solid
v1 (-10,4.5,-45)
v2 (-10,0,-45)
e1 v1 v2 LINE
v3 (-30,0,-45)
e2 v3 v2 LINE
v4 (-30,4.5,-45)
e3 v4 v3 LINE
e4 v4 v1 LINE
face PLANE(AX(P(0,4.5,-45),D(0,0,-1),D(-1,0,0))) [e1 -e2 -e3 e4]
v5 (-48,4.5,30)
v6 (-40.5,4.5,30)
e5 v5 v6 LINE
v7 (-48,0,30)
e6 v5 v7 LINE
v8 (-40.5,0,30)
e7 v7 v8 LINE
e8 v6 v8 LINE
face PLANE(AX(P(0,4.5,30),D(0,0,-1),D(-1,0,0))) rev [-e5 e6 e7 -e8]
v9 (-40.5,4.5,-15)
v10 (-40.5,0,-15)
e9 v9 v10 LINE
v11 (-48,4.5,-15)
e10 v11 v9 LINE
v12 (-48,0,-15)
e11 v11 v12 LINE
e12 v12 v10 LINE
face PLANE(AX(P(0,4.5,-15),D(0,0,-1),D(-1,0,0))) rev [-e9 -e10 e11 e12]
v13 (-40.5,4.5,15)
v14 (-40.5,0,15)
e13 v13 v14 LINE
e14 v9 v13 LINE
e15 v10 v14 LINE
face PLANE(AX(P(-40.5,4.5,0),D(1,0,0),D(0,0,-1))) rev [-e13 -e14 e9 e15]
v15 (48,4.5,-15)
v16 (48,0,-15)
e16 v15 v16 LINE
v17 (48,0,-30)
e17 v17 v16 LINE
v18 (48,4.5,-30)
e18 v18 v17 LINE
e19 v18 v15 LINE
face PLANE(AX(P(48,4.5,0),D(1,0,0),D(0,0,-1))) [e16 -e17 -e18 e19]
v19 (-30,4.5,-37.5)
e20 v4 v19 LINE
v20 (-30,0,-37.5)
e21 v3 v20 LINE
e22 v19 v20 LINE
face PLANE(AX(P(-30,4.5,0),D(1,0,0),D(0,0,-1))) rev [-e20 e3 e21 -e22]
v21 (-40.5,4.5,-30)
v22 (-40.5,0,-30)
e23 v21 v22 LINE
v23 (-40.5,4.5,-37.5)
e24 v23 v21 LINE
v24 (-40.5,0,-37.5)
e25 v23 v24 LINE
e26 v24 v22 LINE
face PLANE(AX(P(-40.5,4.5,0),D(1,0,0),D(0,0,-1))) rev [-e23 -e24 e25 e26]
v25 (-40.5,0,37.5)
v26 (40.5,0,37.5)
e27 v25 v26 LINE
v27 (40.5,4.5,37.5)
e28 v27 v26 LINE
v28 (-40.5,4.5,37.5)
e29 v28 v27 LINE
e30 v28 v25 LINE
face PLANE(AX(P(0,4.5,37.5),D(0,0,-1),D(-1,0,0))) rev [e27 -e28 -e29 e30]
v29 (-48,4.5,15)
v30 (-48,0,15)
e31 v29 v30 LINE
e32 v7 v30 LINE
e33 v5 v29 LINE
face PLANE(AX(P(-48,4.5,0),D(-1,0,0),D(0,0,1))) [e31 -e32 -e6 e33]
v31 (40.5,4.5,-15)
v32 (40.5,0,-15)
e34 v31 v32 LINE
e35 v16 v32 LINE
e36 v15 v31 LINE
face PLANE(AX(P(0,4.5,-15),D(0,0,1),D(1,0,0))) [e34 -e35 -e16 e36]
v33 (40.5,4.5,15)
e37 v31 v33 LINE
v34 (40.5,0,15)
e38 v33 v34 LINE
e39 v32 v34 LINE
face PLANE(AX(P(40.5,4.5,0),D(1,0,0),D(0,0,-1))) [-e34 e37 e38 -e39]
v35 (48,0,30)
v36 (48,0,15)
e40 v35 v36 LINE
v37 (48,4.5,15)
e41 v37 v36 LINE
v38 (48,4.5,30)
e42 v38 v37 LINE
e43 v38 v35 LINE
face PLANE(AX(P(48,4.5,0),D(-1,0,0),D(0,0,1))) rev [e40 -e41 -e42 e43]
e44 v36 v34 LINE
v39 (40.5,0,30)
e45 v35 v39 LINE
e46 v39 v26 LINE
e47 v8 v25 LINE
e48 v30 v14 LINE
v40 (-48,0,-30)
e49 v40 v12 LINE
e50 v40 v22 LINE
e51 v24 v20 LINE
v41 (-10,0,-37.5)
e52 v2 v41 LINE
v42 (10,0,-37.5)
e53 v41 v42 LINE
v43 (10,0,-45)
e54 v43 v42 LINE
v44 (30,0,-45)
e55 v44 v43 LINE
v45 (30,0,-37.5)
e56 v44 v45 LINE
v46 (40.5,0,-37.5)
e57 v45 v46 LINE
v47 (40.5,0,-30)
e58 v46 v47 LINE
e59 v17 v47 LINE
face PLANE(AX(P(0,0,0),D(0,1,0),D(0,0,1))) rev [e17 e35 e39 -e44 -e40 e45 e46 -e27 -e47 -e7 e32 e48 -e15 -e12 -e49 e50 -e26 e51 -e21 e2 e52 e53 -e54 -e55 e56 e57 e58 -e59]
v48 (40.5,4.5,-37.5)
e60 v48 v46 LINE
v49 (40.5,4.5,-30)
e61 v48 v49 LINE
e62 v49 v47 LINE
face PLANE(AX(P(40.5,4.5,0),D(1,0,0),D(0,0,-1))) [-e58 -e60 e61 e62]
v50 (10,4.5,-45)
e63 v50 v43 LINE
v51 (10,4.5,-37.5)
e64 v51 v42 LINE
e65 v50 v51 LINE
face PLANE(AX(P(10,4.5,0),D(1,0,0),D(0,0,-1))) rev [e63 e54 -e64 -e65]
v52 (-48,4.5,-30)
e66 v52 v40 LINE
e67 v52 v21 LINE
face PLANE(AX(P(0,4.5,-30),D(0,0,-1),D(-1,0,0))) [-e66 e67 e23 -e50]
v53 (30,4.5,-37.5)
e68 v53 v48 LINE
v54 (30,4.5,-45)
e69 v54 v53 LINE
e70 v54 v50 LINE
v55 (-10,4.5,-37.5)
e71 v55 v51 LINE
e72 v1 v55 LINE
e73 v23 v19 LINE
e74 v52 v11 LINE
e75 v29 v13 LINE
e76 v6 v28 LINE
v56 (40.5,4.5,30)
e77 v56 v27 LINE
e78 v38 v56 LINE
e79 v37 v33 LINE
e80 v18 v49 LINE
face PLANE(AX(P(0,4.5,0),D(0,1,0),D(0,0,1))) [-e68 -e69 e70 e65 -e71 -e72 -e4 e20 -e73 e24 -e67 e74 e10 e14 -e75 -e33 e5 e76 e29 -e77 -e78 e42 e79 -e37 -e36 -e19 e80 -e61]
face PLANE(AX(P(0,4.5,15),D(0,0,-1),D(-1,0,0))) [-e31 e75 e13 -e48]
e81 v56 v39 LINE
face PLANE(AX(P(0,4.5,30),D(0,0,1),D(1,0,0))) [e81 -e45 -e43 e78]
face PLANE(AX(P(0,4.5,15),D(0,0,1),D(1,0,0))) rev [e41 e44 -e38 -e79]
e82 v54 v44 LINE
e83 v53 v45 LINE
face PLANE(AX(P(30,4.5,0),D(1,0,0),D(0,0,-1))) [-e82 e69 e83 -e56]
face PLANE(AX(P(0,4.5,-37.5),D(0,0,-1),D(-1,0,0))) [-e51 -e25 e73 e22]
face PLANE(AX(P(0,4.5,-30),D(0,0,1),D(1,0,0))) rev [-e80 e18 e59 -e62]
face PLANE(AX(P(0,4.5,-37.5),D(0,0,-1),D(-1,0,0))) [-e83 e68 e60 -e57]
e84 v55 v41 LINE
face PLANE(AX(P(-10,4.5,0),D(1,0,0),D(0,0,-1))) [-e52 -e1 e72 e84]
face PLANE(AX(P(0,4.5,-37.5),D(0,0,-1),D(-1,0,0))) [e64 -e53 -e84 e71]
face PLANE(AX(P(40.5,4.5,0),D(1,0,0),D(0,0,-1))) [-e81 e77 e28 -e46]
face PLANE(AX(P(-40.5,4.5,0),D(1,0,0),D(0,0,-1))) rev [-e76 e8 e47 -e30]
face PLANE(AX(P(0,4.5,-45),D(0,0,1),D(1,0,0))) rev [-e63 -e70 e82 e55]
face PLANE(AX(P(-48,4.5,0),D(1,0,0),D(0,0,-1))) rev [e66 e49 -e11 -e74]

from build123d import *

# Parameters (mm, degrees)
BOSS_EXTRUDE1_DEPTH = 4.5


with BuildPart() as part:
    # Sketch1 → Boss-Extrude1 (new body)
    with BuildSketch(Plane(origin=(0, 0, 0), x_dir=(1, 0, 0), z_dir=(0, 1, 0))):
        Polygon((-30, 37.5), (-40.5, 37.5), (-40.5, 30), (-48, 30), (-48, 15), (-40.5, 15), (-40.5, -15), (-48, -15), (-48, -30), (-40.5, -30), (-40.5, -37.5), (40.5, -37.5), (40.5, -30), (48, -30), (48, -15), (40.5, -15), (40.5, 15), (48, 15), (48, 30), (40.5, 30), (40.5, 37.5), (30, 37.5), (30, 45), (10, 45), (10, 37.5), (-10, 37.5), (-10, 45), (-30, 45), align=None)
    extrude(amount=BOSS_EXTRUDE1_DEPTH)


solid = part.part
